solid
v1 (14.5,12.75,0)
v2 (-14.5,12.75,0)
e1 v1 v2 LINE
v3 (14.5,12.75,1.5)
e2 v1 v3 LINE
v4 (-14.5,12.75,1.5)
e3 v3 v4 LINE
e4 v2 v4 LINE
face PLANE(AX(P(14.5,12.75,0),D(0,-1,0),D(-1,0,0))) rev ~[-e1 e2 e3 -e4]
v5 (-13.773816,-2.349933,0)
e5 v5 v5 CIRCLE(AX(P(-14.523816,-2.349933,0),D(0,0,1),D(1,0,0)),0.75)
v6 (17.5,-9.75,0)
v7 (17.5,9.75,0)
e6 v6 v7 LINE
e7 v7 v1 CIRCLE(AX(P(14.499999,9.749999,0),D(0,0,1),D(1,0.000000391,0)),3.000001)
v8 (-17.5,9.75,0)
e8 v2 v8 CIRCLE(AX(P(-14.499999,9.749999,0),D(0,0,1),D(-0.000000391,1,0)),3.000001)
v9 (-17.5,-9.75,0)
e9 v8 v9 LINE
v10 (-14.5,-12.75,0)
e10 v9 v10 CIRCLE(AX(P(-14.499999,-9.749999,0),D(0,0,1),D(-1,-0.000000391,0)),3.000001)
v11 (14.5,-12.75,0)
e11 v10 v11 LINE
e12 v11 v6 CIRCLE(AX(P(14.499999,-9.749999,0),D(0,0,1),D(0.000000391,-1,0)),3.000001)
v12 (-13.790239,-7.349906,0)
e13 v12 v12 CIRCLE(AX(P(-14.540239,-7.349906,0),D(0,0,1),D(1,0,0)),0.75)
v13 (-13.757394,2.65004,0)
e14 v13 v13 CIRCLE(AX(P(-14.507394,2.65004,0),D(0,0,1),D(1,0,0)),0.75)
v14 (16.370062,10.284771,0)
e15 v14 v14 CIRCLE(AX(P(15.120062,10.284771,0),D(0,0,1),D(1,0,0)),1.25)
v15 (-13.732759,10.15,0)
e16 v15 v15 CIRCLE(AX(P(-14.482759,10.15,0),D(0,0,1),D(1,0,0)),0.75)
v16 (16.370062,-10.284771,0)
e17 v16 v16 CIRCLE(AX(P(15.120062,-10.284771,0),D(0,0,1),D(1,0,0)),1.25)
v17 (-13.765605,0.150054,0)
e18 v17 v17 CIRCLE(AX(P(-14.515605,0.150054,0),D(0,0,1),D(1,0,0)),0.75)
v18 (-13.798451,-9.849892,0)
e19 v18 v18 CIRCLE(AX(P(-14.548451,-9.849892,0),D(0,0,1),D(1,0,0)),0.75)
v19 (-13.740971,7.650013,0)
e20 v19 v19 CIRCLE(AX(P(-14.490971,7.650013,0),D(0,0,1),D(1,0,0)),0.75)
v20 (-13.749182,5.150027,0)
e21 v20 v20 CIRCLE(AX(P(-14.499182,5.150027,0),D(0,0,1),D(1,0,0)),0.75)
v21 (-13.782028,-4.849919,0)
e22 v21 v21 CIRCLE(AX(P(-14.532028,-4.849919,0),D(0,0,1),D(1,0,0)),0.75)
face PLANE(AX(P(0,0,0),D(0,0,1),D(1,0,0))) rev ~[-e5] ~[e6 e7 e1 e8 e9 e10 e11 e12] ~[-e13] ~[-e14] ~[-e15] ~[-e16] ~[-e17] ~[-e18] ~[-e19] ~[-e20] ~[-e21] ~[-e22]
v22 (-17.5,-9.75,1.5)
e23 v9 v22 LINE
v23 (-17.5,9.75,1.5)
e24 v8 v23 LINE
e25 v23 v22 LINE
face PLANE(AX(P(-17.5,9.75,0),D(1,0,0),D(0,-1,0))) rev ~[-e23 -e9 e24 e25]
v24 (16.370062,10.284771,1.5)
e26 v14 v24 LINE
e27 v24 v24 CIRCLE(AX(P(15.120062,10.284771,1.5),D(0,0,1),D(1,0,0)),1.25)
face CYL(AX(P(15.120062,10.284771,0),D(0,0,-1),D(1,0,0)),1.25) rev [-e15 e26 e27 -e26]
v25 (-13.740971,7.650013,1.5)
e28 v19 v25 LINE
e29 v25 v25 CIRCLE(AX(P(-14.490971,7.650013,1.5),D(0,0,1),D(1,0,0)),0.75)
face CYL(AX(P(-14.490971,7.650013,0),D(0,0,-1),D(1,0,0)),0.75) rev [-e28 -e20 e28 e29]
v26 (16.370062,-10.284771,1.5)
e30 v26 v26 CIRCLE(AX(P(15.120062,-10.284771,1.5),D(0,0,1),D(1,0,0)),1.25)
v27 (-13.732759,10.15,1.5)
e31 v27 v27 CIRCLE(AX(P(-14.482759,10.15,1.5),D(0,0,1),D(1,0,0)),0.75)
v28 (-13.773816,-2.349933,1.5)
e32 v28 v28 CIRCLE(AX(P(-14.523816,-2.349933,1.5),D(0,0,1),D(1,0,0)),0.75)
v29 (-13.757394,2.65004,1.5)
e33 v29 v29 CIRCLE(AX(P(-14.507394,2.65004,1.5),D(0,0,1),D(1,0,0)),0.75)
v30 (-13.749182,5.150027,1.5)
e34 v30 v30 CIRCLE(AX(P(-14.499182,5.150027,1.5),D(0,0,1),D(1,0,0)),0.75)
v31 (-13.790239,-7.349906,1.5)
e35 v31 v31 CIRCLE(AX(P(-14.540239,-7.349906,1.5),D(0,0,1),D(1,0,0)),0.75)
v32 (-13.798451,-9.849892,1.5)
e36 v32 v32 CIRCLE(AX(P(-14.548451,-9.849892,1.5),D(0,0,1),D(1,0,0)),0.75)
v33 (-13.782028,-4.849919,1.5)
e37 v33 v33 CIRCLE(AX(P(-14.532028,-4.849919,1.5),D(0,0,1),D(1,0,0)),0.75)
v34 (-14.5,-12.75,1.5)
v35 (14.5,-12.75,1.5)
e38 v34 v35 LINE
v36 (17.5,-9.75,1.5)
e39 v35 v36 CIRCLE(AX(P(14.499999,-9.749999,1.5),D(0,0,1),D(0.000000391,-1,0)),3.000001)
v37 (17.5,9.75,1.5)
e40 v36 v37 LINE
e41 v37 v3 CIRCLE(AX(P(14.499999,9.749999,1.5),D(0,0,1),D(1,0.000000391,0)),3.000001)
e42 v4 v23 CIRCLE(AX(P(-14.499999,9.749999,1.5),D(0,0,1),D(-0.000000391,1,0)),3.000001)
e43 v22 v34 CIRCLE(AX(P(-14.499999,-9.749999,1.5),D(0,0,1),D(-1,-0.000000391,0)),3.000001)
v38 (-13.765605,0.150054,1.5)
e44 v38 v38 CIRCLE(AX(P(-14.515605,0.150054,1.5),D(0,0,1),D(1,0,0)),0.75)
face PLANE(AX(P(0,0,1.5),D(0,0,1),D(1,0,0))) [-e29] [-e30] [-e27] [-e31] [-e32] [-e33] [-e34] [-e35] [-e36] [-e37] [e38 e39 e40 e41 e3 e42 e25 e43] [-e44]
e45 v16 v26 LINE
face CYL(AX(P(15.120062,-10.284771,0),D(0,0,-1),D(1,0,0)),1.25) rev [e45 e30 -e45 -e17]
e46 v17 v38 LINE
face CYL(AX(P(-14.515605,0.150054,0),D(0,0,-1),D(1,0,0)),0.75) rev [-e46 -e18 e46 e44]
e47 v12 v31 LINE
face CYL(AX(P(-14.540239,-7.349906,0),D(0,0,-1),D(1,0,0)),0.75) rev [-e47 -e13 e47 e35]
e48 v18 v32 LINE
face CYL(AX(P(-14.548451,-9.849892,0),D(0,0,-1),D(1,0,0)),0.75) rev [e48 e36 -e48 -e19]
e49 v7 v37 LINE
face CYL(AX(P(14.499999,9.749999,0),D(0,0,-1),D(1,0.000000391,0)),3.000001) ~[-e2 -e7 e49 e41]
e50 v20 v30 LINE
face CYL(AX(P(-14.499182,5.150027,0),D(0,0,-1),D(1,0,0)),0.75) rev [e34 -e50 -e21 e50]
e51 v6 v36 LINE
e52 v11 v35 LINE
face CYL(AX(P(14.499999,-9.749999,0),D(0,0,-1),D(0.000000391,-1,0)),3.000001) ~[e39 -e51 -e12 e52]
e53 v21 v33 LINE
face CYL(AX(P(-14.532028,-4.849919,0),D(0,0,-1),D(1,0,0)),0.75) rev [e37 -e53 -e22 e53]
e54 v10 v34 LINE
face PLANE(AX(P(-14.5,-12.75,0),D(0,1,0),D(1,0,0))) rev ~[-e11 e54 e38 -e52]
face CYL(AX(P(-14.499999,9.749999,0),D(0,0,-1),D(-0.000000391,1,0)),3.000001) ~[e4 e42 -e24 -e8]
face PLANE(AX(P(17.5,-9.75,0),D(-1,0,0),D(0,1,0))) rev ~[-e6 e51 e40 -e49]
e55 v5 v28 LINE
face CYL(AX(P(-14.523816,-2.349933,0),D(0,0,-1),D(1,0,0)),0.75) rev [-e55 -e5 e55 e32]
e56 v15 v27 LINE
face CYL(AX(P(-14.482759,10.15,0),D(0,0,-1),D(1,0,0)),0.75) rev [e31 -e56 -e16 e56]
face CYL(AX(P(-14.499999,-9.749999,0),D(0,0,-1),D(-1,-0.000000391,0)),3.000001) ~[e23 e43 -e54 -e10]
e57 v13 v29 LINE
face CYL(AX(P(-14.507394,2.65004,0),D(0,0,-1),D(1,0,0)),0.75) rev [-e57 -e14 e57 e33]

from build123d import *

# Parameters (mm, degrees)
F0_R     = 0.75
F0_R_2   = 1.25
F0_W     = 15.557844
F0_H     = 17.07411
F1_DEPTH = 1.5


with BuildPart() as f1:
    # F0 (on Top) → F1 (new body)
    with BuildSketch(Plane.XY):
        with BuildLine():
            Line((14.5, 12.75), (-14.5, 12.75))
            ThreePointArc((-14.5, 12.75), (-16.62132, 11.87132), (-17.5, 9.75))
            Line((-17.5, 9.75), (-17.5, -9.75))
            ThreePointArc((-17.5, -9.75), (-16.62132, -11.87132), (-14.5, -12.75))
            Line((-14.5, -12.75), (14.5, -12.75))
            ThreePointArc((14.5, -12.75), (16.62132, -11.87132), (17.5, -9.75))
            Line((17.5, -9.75), (17.5, 9.75))
            ThreePointArc((17.5, 9.75), (16.62132, 11.87132), (14.5, 12.75))
        make_face()
        with Locations((-14.548451, -9.849892)):
            Circle(F0_R, mode=Mode.SUBTRACT)
        with Locations((-14.540239, -7.349906)):
            Circle(F0_R, mode=Mode.SUBTRACT)
        with Locations((-14.532028, -4.849919)):
            Circle(F0_R, mode=Mode.SUBTRACT)
        with Locations((-14.523816, -2.349933)):
            Circle(F0_R, mode=Mode.SUBTRACT)
        with Locations((15.120062, -10.284771)):
            Circle(F0_R_2, mode=Mode.SUBTRACT)
        with Locations((-14.515605, 0.150054)):
            Circle(F0_R, mode=Mode.SUBTRACT)
        with Locations((-14.507394, 2.65004)):
            Circle(F0_R, mode=Mode.SUBTRACT)
        with Locations((-14.499182, 5.150027)):
            Circle(F0_R, mode=Mode.SUBTRACT)
        with Locations((-14.490971, 7.650013)):
            Circle(F0_R, mode=Mode.SUBTRACT)
        with Locations((-14.482759, 10.15)):
            Circle(F0_R, mode=Mode.SUBTRACT)
        Rectangle(F0_W, F0_H, mode=Mode.SUBTRACT)
        with Locations((15.120062, 10.284771)):
            Circle(F0_R_2, mode=Mode.SUBTRACT)
        Rectangle(F0_W, F0_H)
    extrude(amount=F1_DEPTH)


solid = f1.part
